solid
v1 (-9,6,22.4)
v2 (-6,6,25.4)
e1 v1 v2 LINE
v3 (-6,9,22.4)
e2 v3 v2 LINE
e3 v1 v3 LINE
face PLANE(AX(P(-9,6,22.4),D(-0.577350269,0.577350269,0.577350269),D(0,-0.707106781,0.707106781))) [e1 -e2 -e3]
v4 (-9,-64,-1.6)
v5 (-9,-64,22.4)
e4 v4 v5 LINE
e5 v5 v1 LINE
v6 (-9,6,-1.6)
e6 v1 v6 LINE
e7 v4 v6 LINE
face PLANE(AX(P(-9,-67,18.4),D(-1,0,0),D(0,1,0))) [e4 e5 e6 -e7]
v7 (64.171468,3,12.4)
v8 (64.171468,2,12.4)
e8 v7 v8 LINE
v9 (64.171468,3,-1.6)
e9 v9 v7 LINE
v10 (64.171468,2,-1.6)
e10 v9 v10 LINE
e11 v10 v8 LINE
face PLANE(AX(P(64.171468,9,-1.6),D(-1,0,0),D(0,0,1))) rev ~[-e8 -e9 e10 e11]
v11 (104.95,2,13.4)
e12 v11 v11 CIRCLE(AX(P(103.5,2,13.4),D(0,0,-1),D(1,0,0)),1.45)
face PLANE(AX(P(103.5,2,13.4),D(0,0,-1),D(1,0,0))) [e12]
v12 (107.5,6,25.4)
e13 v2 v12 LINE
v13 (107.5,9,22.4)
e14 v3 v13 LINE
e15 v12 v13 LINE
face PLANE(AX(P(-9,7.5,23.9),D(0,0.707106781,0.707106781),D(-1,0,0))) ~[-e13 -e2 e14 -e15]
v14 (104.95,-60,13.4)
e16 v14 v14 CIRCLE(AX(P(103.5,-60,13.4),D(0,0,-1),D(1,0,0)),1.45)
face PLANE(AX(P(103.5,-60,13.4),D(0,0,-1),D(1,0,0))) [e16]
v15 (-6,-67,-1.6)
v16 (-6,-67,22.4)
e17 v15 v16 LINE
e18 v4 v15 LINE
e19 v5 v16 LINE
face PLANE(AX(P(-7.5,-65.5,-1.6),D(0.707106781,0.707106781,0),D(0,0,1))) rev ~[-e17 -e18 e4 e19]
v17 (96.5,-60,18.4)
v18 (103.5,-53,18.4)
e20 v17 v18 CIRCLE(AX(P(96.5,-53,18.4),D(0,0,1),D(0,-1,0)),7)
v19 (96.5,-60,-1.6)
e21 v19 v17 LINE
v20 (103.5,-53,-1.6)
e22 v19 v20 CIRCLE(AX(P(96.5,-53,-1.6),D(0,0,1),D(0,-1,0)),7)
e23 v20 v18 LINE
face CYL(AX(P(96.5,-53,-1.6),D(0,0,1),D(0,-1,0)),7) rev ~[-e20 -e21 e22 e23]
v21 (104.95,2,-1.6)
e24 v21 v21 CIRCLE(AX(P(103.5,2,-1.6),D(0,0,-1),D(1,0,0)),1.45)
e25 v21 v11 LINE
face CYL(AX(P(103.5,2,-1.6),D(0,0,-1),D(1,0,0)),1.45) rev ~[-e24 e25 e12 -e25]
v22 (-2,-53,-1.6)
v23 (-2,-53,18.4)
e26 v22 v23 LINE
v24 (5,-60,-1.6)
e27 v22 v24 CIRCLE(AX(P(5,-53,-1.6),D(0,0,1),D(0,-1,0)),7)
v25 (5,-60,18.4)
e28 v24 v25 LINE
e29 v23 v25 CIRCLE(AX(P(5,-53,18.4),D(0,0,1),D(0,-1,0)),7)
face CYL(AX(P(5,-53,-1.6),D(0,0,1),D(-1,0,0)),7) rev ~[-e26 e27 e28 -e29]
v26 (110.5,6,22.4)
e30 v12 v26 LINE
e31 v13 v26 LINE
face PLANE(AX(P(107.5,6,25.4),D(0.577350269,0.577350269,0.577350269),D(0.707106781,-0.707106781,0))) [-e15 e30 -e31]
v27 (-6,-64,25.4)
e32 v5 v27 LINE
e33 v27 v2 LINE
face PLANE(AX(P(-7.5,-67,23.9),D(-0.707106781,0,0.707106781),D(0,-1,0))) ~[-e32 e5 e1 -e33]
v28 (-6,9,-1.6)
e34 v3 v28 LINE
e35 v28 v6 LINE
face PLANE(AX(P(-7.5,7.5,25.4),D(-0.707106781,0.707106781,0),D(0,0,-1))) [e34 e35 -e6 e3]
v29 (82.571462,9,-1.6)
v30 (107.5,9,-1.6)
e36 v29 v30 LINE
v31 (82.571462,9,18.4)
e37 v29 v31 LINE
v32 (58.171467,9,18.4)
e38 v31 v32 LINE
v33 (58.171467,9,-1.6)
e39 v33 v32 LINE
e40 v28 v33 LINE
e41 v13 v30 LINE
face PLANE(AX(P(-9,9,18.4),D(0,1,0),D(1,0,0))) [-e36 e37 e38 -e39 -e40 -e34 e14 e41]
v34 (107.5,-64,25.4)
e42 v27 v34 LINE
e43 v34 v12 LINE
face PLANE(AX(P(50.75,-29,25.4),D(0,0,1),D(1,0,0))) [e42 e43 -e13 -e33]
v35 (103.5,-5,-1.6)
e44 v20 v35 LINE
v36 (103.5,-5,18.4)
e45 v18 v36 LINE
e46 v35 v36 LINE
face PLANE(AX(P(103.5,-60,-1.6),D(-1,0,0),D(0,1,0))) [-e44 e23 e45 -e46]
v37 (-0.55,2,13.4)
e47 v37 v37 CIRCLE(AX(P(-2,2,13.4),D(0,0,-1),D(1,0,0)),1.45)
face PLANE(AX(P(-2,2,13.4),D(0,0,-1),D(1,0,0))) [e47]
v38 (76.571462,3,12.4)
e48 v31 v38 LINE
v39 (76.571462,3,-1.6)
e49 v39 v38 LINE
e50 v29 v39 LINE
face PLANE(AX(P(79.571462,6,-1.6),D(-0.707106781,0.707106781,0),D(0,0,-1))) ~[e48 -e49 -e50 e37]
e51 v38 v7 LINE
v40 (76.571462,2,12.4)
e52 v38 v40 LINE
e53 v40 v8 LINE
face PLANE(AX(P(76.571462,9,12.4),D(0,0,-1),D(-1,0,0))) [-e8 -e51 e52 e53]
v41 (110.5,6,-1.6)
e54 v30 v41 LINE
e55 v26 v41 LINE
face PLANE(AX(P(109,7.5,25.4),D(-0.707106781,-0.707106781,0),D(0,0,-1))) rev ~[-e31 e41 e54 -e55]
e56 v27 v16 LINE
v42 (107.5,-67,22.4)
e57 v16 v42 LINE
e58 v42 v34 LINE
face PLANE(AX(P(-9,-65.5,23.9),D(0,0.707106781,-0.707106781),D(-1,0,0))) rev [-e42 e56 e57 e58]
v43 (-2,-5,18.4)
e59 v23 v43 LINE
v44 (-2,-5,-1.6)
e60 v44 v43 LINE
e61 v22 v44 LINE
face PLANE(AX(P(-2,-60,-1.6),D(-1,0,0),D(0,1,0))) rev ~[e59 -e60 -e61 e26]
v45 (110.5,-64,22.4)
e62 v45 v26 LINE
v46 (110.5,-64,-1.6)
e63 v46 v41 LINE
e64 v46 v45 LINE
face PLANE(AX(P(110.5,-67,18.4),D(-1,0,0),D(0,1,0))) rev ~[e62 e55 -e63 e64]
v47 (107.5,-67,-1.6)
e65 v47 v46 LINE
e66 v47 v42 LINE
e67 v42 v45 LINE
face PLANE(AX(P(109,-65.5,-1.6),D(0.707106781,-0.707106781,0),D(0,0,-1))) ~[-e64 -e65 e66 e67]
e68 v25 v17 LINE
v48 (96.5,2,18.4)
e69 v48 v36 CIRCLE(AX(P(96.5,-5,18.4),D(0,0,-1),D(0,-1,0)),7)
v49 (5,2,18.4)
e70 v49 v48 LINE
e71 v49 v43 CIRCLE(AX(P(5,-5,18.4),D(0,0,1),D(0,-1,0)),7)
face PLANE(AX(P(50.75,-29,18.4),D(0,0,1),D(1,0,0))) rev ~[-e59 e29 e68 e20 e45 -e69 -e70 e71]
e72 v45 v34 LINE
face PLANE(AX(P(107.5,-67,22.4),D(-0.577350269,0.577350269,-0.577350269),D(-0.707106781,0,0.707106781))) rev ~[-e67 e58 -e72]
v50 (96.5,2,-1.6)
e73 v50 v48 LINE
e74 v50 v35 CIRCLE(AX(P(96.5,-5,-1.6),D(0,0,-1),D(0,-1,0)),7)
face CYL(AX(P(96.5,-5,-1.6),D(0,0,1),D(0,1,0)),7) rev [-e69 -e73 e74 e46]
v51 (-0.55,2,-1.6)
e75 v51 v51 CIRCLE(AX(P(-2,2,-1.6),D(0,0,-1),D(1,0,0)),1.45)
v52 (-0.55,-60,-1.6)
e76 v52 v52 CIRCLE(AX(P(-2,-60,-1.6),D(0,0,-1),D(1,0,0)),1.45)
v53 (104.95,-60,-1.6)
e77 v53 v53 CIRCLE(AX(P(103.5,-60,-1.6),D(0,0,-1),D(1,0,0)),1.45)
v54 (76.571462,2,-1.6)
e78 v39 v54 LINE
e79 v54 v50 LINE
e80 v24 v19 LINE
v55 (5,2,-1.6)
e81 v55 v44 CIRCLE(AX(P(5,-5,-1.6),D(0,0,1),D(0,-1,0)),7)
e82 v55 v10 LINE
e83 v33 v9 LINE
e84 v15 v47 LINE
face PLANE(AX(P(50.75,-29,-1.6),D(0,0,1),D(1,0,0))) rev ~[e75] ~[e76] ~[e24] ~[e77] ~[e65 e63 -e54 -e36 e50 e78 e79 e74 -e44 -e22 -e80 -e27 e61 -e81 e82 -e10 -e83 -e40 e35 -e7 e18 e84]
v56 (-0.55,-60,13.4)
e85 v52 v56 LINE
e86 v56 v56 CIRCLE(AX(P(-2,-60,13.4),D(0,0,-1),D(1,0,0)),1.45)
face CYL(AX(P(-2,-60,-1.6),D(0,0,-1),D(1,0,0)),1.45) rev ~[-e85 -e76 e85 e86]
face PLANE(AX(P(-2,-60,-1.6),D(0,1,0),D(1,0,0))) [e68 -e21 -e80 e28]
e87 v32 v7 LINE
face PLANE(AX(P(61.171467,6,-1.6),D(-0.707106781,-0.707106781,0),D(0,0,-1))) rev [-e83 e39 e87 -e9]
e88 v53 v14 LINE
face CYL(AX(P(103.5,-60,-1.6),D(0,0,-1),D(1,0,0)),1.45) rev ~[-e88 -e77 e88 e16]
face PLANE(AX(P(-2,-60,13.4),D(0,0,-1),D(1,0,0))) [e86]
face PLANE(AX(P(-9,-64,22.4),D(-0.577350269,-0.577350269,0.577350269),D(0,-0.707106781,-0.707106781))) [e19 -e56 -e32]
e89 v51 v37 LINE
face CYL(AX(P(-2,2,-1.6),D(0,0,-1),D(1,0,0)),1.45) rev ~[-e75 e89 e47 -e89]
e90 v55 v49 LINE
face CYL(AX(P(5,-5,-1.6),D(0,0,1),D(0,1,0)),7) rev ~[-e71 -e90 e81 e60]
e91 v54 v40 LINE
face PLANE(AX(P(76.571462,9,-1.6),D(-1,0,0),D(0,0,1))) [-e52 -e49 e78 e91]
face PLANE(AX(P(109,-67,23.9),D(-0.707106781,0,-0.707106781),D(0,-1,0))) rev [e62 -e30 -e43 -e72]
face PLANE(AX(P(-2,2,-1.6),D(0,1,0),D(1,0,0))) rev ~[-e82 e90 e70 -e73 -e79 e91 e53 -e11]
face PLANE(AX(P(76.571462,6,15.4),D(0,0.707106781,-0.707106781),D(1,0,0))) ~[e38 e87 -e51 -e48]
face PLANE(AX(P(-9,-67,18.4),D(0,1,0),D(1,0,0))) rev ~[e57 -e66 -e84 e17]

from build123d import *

# Parameters (mm, degrees)
SKETCH033_W     = 119.5
SKETCH033_H     = 76
SKETCH033_W_2   = 105.5
SKETCH033_H_2   = 62
PAD011_DEPTH    = 20
SKETCH034_W     = 119.5
SKETCH034_H     = 76
PAD012_DEPTH    = 7
SKETCH035_W     = 12.399995
SKETCH035_H     = 14
POCKET012_DEPTH = 7
CHAMFER_SIZE    = 6
FILLET_R        = 7
SKETCH037_R     = 1.45
POCKET013_DEPTH = 15
CHAMFER006_SIZE = 3


with BuildPart() as part:
    # Sketch033 (on Face1 of Binder012) → Pad011 (new body)
    with BuildSketch(Plane.XY.offset(-1.6)):
        with Locations((50.75, -29)):
            Rectangle(SKETCH033_W, SKETCH033_H)
        with Locations((50.75, -29)):
            Rectangle(SKETCH033_W_2, SKETCH033_H_2, mode=Mode.SUBTRACT)
    extrude(amount=PAD011_DEPTH)

    # Sketch034 (on Face10 of Pad011) → Pad012 (join)
    with BuildSketch(Plane.XY.offset(18.4)):
        with Locations((50.75, -29)):
            Rectangle(SKETCH034_W, SKETCH034_H)
    extrude(amount=PAD012_DEPTH)

    # Sketch035 (on Face9 of Pad012) → Pocket012 (cut)
    with BuildSketch(Plane(origin=(0, 9, 0), x_dir=(-1, 0, 0), z_dir=(0, 1, 0))):
        with Locations((-70.371465, 5.4)):
            Rectangle(SKETCH035_W, SKETCH035_H)
    extrude(amount=-POCKET012_DEPTH, mode=Mode.SUBTRACT)

    # Chamfer
    chamfer_edges = [part.edges().sort_by_distance(p)[0] for p in [
        (70.371465, 9, 12.4),
        (64.171468, 9, 5.4),
        (76.571463, 9, 5.4),
    ]]
    chamfer(chamfer_edges, length=CHAMFER_SIZE)

    # Fillet
    fillet_edges = [part.edges().sort_by_distance(p)[0] for p in [
        (103.5, 2, 8.4),
        (-2, 2, 8.4),
        (-2, -60, 8.4),
        (103.5, -60, 8.4),
    ]]
    fillet(fillet_edges, radius=FILLET_R)

    # Sketch037 (on Face1 of Fillet) → Pocket013 (cut)
    with BuildSketch(Plane(origin=(0, 0, -1.6), x_dir=(1, 0, 0), z_dir=(0, 0, -1))):
        with Locations((-2, 60)):
            Circle(SKETCH037_R)
        with Locations((103.5, 60)):
            Circle(SKETCH037_R)
        with Locations((103.5, -2)):
            Circle(SKETCH037_R)
        with Locations((-2, -2)):
            Circle(SKETCH037_R)
    extrude(amount=-POCKET013_DEPTH, mode=Mode.SUBTRACT)

    # Chamfer006
    chamfer006_edges = [part.edges().sort_by_distance(p)[0] for p in [
        (110.5, 9, 11.9),
        (50.75, 9, 25.4),
        (110.5, -29, 25.4),
        (110.5, -67, 11.9),
        (50.75, -67, 25.4),
        (-9, 9, 11.9),
        (-9, -29, 25.4),
        (-9, -67, 11.9),
    ]]
    chamfer(chamfer006_edges, length=CHAMFER006_SIZE)


solid = part.part
